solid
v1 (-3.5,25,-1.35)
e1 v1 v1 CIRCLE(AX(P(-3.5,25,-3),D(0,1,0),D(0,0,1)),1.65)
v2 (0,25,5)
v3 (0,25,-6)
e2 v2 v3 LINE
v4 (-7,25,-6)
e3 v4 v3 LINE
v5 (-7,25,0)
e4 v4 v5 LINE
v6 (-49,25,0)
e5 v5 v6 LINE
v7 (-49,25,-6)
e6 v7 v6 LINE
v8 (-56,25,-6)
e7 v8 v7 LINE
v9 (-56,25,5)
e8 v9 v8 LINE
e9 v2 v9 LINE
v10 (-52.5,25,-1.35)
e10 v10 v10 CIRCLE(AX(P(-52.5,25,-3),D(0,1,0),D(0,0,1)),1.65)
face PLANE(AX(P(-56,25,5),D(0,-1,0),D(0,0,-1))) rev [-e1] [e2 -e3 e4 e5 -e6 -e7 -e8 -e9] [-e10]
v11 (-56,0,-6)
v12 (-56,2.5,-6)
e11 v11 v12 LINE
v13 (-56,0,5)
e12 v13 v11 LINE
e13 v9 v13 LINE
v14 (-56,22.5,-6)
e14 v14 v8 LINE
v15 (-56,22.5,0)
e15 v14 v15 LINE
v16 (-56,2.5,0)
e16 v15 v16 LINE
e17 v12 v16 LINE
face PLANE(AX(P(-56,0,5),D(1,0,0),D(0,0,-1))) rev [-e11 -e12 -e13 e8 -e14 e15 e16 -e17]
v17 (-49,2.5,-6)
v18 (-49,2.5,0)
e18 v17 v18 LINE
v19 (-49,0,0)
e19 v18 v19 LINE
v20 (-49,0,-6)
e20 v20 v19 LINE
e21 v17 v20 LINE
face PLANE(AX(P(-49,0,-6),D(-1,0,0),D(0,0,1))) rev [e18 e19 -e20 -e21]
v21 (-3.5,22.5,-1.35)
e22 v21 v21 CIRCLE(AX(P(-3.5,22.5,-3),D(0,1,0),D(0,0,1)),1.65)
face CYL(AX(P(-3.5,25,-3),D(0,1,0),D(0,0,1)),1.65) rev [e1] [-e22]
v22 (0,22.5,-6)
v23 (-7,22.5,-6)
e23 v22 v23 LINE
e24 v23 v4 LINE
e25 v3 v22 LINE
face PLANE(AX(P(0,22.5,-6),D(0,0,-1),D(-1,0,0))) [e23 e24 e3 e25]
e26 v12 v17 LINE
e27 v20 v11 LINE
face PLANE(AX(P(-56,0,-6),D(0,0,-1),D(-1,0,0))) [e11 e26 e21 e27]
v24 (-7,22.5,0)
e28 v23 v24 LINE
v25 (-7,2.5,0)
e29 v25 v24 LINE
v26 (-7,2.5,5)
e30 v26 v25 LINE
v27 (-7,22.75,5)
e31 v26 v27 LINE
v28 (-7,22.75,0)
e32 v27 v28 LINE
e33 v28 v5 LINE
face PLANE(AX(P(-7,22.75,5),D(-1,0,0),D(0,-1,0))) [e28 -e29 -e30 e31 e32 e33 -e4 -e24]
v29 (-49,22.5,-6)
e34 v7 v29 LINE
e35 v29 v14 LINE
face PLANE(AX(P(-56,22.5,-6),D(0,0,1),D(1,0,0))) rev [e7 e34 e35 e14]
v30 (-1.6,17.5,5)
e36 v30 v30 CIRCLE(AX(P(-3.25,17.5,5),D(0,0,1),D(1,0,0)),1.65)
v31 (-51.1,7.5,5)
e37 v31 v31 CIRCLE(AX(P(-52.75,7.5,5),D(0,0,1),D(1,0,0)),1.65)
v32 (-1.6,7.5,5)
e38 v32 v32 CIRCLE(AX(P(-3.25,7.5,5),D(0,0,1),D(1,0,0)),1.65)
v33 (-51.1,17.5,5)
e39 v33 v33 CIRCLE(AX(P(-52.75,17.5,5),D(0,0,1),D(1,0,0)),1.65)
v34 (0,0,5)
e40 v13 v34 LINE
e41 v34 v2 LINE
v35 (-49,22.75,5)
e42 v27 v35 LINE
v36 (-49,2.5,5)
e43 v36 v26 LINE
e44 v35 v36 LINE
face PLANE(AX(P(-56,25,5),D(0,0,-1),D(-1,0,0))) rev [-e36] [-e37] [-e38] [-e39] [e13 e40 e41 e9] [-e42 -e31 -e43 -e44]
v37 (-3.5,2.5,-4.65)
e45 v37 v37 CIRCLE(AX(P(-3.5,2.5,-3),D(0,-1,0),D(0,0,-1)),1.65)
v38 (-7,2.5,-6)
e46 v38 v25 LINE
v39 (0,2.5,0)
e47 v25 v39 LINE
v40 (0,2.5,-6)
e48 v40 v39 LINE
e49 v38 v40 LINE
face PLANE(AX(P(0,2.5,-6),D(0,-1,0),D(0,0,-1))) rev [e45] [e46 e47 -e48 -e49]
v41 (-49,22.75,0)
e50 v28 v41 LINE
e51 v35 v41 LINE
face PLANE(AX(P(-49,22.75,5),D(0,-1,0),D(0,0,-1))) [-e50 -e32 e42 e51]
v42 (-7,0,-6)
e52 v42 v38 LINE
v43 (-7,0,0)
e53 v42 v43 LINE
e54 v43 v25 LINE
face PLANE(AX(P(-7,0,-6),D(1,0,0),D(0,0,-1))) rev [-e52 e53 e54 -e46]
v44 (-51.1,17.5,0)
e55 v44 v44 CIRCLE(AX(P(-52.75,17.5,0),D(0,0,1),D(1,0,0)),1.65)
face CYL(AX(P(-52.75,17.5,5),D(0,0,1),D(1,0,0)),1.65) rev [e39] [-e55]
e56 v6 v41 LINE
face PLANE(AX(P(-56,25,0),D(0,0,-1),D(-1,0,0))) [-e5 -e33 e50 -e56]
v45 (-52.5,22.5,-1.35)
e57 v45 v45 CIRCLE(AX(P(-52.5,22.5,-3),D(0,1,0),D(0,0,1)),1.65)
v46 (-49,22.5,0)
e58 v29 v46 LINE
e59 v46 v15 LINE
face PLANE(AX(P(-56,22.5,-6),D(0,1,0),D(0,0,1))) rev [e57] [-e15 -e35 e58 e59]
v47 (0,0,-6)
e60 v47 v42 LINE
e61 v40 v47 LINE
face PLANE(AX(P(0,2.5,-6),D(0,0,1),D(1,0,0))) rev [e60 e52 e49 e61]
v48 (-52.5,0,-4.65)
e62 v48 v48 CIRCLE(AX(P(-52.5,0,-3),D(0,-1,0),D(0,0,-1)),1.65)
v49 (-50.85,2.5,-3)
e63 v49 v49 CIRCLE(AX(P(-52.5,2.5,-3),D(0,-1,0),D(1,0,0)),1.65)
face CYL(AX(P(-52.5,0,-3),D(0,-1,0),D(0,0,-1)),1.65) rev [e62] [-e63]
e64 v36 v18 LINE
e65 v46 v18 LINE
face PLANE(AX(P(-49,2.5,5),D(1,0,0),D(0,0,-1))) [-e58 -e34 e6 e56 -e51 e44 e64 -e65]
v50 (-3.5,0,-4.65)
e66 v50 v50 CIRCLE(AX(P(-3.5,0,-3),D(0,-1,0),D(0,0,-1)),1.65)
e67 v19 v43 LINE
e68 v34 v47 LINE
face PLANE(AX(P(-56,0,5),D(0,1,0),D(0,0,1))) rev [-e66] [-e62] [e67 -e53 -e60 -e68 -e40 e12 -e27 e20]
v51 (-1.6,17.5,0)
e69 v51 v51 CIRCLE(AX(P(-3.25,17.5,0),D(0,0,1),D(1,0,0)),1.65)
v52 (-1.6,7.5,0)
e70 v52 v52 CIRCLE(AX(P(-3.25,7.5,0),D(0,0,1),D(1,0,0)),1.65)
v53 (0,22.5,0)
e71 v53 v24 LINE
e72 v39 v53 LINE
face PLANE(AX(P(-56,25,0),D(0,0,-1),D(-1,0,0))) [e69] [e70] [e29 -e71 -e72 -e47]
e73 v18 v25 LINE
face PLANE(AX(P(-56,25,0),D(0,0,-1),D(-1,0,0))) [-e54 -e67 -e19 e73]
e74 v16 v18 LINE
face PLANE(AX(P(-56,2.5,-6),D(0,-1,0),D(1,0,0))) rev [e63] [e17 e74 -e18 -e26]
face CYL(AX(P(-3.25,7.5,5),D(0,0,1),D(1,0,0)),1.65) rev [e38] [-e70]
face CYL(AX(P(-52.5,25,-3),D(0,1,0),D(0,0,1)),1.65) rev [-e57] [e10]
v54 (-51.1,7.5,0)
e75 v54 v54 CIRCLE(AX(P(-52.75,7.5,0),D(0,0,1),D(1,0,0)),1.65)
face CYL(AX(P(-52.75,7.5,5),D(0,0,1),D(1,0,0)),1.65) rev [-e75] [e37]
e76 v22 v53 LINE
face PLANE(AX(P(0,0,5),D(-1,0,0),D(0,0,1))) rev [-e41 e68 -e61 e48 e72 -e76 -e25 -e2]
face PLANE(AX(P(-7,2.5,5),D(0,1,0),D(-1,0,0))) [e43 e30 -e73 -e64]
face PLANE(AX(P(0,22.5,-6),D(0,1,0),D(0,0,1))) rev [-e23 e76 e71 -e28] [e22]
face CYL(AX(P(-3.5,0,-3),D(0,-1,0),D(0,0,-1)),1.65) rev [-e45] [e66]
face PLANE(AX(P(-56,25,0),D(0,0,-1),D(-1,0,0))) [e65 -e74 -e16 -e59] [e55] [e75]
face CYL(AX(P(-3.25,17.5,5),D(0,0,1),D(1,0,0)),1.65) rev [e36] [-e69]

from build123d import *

# Parameters (mm, degrees)
SKETCH1_W                           = 56
SKETCH1_H                           = 25
SKETCH1_W_2                         = 42
SKETCH1_H_2                         = 20.25
EXTRUDE1_DEPTH                      = 5
M4X0_7_TAPPED_HOLE1_D               = 3.3
SKETCH7_W                           = 7
SKETCH7_H                           = 2.5
EXTRUDE5_DEPTH                      = 6
M4X0_7_TAPPED_HOLE2_D               = 3.3
M4X0_7_TAPPED_HOLE2_DEPTH           = 10.3
M4X0_7_TAPPED_HOLE2_TIP             = 0.991420021
M4X0_7_TAPPED_HOLE2_ON_FACE_2_D     = 3.3
M4X0_7_TAPPED_HOLE2_ON_FACE_2_DEPTH = 10.3
M4X0_7_TAPPED_HOLE2_ON_FACE_2_TIP   = 0.991420021


with BuildPart() as part:
    # Sketch1 → Extrude1 (new body)
    with BuildSketch(Plane.XY):
        with Locations((-28, 12.5)):
            Rectangle(SKETCH1_W, SKETCH1_H)
        with Locations((-28, 12.625)):
            Rectangle(SKETCH1_W_2, SKETCH1_H_2, mode=Mode.SUBTRACT)
    extrude(amount=EXTRUDE1_DEPTH)

    # M4x0.7 Tapped Hole1 (through all)
    with Locations(Plane(origin=(-52.75, 17.5, 5), x_dir=(1, 0, 0), z_dir=(0, 0, 1))):
        with Locations((0, 0), (0, -10), (49.5, -10), (49.5, 0)):
            Hole(M4X0_7_TAPPED_HOLE1_D / 2)

    # Sketch7 → Extrude5 (add)
    with BuildSketch(Plane(origin=(0, 0, 0), x_dir=(-1, 0, 0), z_dir=(0, 0, -1))):
        with Locations((3.5, 23.75)):
            Rectangle(SKETCH7_W, SKETCH7_H)
        with Locations((3.5, 1.25)):
            Rectangle(SKETCH7_W, SKETCH7_H)
        with Locations((52.5, 1.25)):
            Rectangle(SKETCH7_W, SKETCH7_H)
        with Locations((52.5, 23.75)):
            Rectangle(SKETCH7_W, SKETCH7_H)
    extrude(amount=EXTRUDE5_DEPTH)

    # M4x0.7 Tapped Hole2
    with Locations(Plane(origin=(-3.5, 25, -3), x_dir=(0, 0, 1), z_dir=(0, 1, 0))):
        with Locations((0, 0), (0, -49)):
            Hole(M4X0_7_TAPPED_HOLE2_D / 2, depth=M4X0_7_TAPPED_HOLE2_DEPTH)
            with Locations((0, 0, -(M4X0_7_TAPPED_HOLE2_DEPTH + M4X0_7_TAPPED_HOLE2_TIP / 2))):  # 118° drill point
                Cone(0, M4X0_7_TAPPED_HOLE2_D / 2, M4X0_7_TAPPED_HOLE2_TIP, mode=Mode.SUBTRACT)

    # M4x0.7 Tapped Hole2 on face 2
    with Locations(Plane(origin=(-3.5, 0, -3), x_dir=(0, 0, -1), z_dir=(0, -1, 0))):
        with Locations((0, 0), (0, -49)):
            Hole(M4X0_7_TAPPED_HOLE2_ON_FACE_2_D / 2, depth=M4X0_7_TAPPED_HOLE2_ON_FACE_2_DEPTH)
            with Locations((0, 0, -(M4X0_7_TAPPED_HOLE2_ON_FACE_2_DEPTH + M4X0_7_TAPPED_HOLE2_ON_FACE_2_TIP / 2))):  # 118° drill point
                Cone(0, M4X0_7_TAPPED_HOLE2_ON_FACE_2_D / 2, M4X0_7_TAPPED_HOLE2_ON_FACE_2_TIP, mode=Mode.SUBTRACT)


solid = part.part
